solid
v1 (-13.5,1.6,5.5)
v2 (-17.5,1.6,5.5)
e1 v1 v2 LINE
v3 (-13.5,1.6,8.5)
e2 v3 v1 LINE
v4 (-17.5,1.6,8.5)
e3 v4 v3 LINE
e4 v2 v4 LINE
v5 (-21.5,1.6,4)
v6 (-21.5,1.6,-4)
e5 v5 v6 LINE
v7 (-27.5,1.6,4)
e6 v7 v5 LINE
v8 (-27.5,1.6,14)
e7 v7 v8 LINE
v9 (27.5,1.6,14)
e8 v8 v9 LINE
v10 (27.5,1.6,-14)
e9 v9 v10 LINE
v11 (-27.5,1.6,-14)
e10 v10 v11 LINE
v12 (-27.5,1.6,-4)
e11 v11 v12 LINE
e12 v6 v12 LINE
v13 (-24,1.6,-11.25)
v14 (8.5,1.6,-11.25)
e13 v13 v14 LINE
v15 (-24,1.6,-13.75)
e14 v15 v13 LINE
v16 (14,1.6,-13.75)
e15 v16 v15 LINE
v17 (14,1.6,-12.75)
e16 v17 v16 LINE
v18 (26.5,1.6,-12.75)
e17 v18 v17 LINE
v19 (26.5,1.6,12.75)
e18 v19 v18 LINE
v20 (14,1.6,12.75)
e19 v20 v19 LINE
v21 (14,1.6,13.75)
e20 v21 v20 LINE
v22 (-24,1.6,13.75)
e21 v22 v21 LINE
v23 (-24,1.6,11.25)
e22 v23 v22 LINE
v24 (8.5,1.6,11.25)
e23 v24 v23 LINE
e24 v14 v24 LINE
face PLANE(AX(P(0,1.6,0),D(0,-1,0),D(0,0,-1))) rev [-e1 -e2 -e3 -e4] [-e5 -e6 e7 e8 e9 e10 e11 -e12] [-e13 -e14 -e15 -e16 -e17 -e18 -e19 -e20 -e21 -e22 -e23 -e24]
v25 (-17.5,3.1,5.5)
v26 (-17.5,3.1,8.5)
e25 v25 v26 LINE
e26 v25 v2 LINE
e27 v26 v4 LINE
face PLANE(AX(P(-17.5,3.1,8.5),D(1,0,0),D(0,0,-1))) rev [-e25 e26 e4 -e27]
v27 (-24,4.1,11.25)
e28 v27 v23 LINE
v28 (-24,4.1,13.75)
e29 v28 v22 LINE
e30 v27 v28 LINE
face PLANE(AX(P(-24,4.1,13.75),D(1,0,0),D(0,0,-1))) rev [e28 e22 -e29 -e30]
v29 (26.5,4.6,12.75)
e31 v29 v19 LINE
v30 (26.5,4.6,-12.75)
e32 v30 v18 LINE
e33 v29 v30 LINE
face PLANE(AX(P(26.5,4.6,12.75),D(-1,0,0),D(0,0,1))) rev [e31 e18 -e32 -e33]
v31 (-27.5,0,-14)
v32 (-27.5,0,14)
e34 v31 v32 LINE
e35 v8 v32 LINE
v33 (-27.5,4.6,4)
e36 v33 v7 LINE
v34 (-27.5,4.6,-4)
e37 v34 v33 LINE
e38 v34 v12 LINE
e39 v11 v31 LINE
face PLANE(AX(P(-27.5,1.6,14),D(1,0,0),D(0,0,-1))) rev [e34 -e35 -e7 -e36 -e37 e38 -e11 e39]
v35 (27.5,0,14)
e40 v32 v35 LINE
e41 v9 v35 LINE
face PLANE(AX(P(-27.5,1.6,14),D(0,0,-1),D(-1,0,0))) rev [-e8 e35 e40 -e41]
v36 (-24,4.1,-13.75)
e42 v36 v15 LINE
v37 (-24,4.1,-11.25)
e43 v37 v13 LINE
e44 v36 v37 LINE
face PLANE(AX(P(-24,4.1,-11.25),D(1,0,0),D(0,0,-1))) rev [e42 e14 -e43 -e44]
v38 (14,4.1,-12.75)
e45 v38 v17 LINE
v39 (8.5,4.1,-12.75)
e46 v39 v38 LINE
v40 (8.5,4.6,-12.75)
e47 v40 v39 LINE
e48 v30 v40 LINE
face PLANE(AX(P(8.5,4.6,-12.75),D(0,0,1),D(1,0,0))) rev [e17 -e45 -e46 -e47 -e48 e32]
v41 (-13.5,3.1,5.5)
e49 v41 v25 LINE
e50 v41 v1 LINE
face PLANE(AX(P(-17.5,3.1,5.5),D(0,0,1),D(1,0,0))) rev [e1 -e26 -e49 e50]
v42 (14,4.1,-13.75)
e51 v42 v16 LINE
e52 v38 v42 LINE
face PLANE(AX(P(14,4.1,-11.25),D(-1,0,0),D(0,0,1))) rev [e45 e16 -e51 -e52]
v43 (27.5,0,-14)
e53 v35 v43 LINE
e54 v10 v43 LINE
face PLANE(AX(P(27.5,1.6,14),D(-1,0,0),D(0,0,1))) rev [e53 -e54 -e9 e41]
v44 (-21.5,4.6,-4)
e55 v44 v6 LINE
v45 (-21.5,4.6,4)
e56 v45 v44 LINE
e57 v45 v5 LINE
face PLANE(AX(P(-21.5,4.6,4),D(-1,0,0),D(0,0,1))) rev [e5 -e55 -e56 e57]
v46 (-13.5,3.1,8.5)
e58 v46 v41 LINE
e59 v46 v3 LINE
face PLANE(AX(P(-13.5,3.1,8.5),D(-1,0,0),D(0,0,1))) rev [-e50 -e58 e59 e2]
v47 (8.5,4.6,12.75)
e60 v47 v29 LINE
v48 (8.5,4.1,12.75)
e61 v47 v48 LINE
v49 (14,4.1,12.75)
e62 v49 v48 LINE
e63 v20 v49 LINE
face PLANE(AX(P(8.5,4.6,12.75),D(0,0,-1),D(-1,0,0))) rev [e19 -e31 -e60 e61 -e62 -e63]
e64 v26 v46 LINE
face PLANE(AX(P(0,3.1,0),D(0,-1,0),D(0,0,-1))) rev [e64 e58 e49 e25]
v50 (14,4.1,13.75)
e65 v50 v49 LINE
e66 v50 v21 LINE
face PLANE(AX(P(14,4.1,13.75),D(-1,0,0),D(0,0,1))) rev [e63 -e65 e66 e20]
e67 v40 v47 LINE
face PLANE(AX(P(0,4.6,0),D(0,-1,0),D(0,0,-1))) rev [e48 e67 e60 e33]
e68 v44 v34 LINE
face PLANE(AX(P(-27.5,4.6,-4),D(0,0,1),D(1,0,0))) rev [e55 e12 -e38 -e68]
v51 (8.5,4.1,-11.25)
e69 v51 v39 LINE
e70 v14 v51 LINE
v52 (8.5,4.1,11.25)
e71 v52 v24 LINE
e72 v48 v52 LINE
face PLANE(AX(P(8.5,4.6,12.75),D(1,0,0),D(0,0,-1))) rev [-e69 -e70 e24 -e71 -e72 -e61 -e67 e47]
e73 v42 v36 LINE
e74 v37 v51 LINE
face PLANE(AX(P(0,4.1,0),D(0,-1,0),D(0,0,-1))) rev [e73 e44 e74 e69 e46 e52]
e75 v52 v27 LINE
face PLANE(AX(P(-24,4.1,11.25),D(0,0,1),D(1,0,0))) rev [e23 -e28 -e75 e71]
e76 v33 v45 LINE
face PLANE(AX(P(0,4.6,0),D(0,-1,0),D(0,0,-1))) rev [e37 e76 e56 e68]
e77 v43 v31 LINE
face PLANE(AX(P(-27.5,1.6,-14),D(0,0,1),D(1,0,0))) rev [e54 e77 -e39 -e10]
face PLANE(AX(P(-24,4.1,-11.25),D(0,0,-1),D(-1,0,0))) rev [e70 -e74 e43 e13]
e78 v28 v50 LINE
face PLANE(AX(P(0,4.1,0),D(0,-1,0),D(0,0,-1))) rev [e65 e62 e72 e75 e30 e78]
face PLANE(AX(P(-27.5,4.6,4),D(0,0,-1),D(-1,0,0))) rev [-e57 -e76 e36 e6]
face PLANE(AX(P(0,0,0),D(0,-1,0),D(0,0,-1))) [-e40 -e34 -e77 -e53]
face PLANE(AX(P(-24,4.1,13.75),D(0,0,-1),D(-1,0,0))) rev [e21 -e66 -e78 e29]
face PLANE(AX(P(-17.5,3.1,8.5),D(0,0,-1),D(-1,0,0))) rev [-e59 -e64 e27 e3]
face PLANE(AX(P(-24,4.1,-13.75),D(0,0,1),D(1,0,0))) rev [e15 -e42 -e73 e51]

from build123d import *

# Parameters (mm, degrees)
SKETCH1_W          = 55
SKETCH1_H          = 28
PCB_DEPTH          = 1.6
WROOM_SHIELD_START = 1.6
SKETCH2_W          = 18
SKETCH2_H          = 25.5
WROOM_SHIELD_DEPTH = 3
MICRO_USB_START    = 1.6
SKETCH3_W          = 6
SKETCH3_H          = 8
MICRO_USB_DEPTH    = 3
HEADER_1_START     = 1.6
SKETCH4_W          = 38
SKETCH4_H          = 2.5
HEADER_1_DEPTH     = 2.5
HEADER_2_START     = 1.6
SKETCH5_W          = 38
SKETCH5_H          = 2.5
HEADER_2_DEPTH     = 2.5
BUTTON_EN_START    = 1.6
SKETCH6_W          = 4
SKETCH6_H          = 3
BUTTON_EN_DEPTH    = 1.5


with BuildPart() as part:
    # Sketch1 → PCB (new body)
    with BuildSketch(Plane(origin=(0, 0, 0), x_dir=(1, 0, 0), z_dir=(0, 1, 0))):
        Rectangle(SKETCH1_W, SKETCH1_H)
    extrude(amount=PCB_DEPTH)

    # Sketch2 → WROOM_Shield (add)
    with BuildSketch(Plane(origin=(0, 0, 0), x_dir=(1, 0, 0), z_dir=(0, 1, 0)).offset(WROOM_SHIELD_START)):
        with Locations((17.5, 0)):
            Rectangle(SKETCH2_W, SKETCH2_H)
    extrude(amount=WROOM_SHIELD_DEPTH)

    # Sketch3 → Micro_USB (add)
    with BuildSketch(Plane(origin=(0, 0, 0), x_dir=(1, 0, 0), z_dir=(0, 1, 0)).offset(MICRO_USB_START)):
        with Locations((-24.5, 0)):
            Rectangle(SKETCH3_W, SKETCH3_H)
    extrude(amount=MICRO_USB_DEPTH)

    # Sketch4 → Header_1 (add)
    with BuildSketch(Plane(origin=(0, 0, 0), x_dir=(1, 0, 0), z_dir=(0, 1, 0)).offset(HEADER_1_START)):
        with Locations((-5, -12.5)):
            Rectangle(SKETCH4_W, SKETCH4_H)
    extrude(amount=HEADER_1_DEPTH)

    # Sketch5 → Header_2 (add)
    with BuildSketch(Plane(origin=(0, 0, 0), x_dir=(1, 0, 0), z_dir=(0, 1, 0)).offset(HEADER_2_START)):
        with Locations((-5, 12.5)):
            Rectangle(SKETCH5_W, SKETCH5_H)
    extrude(amount=HEADER_2_DEPTH)

    # Sketch6 → Button_EN (add)
    with BuildSketch(Plane(origin=(0, 0, 0), x_dir=(1, 0, 0), z_dir=(0, 1, 0)).offset(BUTTON_EN_START)):
        with Locations((-15.5, -7)):
            Rectangle(SKETCH6_W, SKETCH6_H)
    extrude(amount=BUTTON_EN_DEPTH)


solid = part.part
